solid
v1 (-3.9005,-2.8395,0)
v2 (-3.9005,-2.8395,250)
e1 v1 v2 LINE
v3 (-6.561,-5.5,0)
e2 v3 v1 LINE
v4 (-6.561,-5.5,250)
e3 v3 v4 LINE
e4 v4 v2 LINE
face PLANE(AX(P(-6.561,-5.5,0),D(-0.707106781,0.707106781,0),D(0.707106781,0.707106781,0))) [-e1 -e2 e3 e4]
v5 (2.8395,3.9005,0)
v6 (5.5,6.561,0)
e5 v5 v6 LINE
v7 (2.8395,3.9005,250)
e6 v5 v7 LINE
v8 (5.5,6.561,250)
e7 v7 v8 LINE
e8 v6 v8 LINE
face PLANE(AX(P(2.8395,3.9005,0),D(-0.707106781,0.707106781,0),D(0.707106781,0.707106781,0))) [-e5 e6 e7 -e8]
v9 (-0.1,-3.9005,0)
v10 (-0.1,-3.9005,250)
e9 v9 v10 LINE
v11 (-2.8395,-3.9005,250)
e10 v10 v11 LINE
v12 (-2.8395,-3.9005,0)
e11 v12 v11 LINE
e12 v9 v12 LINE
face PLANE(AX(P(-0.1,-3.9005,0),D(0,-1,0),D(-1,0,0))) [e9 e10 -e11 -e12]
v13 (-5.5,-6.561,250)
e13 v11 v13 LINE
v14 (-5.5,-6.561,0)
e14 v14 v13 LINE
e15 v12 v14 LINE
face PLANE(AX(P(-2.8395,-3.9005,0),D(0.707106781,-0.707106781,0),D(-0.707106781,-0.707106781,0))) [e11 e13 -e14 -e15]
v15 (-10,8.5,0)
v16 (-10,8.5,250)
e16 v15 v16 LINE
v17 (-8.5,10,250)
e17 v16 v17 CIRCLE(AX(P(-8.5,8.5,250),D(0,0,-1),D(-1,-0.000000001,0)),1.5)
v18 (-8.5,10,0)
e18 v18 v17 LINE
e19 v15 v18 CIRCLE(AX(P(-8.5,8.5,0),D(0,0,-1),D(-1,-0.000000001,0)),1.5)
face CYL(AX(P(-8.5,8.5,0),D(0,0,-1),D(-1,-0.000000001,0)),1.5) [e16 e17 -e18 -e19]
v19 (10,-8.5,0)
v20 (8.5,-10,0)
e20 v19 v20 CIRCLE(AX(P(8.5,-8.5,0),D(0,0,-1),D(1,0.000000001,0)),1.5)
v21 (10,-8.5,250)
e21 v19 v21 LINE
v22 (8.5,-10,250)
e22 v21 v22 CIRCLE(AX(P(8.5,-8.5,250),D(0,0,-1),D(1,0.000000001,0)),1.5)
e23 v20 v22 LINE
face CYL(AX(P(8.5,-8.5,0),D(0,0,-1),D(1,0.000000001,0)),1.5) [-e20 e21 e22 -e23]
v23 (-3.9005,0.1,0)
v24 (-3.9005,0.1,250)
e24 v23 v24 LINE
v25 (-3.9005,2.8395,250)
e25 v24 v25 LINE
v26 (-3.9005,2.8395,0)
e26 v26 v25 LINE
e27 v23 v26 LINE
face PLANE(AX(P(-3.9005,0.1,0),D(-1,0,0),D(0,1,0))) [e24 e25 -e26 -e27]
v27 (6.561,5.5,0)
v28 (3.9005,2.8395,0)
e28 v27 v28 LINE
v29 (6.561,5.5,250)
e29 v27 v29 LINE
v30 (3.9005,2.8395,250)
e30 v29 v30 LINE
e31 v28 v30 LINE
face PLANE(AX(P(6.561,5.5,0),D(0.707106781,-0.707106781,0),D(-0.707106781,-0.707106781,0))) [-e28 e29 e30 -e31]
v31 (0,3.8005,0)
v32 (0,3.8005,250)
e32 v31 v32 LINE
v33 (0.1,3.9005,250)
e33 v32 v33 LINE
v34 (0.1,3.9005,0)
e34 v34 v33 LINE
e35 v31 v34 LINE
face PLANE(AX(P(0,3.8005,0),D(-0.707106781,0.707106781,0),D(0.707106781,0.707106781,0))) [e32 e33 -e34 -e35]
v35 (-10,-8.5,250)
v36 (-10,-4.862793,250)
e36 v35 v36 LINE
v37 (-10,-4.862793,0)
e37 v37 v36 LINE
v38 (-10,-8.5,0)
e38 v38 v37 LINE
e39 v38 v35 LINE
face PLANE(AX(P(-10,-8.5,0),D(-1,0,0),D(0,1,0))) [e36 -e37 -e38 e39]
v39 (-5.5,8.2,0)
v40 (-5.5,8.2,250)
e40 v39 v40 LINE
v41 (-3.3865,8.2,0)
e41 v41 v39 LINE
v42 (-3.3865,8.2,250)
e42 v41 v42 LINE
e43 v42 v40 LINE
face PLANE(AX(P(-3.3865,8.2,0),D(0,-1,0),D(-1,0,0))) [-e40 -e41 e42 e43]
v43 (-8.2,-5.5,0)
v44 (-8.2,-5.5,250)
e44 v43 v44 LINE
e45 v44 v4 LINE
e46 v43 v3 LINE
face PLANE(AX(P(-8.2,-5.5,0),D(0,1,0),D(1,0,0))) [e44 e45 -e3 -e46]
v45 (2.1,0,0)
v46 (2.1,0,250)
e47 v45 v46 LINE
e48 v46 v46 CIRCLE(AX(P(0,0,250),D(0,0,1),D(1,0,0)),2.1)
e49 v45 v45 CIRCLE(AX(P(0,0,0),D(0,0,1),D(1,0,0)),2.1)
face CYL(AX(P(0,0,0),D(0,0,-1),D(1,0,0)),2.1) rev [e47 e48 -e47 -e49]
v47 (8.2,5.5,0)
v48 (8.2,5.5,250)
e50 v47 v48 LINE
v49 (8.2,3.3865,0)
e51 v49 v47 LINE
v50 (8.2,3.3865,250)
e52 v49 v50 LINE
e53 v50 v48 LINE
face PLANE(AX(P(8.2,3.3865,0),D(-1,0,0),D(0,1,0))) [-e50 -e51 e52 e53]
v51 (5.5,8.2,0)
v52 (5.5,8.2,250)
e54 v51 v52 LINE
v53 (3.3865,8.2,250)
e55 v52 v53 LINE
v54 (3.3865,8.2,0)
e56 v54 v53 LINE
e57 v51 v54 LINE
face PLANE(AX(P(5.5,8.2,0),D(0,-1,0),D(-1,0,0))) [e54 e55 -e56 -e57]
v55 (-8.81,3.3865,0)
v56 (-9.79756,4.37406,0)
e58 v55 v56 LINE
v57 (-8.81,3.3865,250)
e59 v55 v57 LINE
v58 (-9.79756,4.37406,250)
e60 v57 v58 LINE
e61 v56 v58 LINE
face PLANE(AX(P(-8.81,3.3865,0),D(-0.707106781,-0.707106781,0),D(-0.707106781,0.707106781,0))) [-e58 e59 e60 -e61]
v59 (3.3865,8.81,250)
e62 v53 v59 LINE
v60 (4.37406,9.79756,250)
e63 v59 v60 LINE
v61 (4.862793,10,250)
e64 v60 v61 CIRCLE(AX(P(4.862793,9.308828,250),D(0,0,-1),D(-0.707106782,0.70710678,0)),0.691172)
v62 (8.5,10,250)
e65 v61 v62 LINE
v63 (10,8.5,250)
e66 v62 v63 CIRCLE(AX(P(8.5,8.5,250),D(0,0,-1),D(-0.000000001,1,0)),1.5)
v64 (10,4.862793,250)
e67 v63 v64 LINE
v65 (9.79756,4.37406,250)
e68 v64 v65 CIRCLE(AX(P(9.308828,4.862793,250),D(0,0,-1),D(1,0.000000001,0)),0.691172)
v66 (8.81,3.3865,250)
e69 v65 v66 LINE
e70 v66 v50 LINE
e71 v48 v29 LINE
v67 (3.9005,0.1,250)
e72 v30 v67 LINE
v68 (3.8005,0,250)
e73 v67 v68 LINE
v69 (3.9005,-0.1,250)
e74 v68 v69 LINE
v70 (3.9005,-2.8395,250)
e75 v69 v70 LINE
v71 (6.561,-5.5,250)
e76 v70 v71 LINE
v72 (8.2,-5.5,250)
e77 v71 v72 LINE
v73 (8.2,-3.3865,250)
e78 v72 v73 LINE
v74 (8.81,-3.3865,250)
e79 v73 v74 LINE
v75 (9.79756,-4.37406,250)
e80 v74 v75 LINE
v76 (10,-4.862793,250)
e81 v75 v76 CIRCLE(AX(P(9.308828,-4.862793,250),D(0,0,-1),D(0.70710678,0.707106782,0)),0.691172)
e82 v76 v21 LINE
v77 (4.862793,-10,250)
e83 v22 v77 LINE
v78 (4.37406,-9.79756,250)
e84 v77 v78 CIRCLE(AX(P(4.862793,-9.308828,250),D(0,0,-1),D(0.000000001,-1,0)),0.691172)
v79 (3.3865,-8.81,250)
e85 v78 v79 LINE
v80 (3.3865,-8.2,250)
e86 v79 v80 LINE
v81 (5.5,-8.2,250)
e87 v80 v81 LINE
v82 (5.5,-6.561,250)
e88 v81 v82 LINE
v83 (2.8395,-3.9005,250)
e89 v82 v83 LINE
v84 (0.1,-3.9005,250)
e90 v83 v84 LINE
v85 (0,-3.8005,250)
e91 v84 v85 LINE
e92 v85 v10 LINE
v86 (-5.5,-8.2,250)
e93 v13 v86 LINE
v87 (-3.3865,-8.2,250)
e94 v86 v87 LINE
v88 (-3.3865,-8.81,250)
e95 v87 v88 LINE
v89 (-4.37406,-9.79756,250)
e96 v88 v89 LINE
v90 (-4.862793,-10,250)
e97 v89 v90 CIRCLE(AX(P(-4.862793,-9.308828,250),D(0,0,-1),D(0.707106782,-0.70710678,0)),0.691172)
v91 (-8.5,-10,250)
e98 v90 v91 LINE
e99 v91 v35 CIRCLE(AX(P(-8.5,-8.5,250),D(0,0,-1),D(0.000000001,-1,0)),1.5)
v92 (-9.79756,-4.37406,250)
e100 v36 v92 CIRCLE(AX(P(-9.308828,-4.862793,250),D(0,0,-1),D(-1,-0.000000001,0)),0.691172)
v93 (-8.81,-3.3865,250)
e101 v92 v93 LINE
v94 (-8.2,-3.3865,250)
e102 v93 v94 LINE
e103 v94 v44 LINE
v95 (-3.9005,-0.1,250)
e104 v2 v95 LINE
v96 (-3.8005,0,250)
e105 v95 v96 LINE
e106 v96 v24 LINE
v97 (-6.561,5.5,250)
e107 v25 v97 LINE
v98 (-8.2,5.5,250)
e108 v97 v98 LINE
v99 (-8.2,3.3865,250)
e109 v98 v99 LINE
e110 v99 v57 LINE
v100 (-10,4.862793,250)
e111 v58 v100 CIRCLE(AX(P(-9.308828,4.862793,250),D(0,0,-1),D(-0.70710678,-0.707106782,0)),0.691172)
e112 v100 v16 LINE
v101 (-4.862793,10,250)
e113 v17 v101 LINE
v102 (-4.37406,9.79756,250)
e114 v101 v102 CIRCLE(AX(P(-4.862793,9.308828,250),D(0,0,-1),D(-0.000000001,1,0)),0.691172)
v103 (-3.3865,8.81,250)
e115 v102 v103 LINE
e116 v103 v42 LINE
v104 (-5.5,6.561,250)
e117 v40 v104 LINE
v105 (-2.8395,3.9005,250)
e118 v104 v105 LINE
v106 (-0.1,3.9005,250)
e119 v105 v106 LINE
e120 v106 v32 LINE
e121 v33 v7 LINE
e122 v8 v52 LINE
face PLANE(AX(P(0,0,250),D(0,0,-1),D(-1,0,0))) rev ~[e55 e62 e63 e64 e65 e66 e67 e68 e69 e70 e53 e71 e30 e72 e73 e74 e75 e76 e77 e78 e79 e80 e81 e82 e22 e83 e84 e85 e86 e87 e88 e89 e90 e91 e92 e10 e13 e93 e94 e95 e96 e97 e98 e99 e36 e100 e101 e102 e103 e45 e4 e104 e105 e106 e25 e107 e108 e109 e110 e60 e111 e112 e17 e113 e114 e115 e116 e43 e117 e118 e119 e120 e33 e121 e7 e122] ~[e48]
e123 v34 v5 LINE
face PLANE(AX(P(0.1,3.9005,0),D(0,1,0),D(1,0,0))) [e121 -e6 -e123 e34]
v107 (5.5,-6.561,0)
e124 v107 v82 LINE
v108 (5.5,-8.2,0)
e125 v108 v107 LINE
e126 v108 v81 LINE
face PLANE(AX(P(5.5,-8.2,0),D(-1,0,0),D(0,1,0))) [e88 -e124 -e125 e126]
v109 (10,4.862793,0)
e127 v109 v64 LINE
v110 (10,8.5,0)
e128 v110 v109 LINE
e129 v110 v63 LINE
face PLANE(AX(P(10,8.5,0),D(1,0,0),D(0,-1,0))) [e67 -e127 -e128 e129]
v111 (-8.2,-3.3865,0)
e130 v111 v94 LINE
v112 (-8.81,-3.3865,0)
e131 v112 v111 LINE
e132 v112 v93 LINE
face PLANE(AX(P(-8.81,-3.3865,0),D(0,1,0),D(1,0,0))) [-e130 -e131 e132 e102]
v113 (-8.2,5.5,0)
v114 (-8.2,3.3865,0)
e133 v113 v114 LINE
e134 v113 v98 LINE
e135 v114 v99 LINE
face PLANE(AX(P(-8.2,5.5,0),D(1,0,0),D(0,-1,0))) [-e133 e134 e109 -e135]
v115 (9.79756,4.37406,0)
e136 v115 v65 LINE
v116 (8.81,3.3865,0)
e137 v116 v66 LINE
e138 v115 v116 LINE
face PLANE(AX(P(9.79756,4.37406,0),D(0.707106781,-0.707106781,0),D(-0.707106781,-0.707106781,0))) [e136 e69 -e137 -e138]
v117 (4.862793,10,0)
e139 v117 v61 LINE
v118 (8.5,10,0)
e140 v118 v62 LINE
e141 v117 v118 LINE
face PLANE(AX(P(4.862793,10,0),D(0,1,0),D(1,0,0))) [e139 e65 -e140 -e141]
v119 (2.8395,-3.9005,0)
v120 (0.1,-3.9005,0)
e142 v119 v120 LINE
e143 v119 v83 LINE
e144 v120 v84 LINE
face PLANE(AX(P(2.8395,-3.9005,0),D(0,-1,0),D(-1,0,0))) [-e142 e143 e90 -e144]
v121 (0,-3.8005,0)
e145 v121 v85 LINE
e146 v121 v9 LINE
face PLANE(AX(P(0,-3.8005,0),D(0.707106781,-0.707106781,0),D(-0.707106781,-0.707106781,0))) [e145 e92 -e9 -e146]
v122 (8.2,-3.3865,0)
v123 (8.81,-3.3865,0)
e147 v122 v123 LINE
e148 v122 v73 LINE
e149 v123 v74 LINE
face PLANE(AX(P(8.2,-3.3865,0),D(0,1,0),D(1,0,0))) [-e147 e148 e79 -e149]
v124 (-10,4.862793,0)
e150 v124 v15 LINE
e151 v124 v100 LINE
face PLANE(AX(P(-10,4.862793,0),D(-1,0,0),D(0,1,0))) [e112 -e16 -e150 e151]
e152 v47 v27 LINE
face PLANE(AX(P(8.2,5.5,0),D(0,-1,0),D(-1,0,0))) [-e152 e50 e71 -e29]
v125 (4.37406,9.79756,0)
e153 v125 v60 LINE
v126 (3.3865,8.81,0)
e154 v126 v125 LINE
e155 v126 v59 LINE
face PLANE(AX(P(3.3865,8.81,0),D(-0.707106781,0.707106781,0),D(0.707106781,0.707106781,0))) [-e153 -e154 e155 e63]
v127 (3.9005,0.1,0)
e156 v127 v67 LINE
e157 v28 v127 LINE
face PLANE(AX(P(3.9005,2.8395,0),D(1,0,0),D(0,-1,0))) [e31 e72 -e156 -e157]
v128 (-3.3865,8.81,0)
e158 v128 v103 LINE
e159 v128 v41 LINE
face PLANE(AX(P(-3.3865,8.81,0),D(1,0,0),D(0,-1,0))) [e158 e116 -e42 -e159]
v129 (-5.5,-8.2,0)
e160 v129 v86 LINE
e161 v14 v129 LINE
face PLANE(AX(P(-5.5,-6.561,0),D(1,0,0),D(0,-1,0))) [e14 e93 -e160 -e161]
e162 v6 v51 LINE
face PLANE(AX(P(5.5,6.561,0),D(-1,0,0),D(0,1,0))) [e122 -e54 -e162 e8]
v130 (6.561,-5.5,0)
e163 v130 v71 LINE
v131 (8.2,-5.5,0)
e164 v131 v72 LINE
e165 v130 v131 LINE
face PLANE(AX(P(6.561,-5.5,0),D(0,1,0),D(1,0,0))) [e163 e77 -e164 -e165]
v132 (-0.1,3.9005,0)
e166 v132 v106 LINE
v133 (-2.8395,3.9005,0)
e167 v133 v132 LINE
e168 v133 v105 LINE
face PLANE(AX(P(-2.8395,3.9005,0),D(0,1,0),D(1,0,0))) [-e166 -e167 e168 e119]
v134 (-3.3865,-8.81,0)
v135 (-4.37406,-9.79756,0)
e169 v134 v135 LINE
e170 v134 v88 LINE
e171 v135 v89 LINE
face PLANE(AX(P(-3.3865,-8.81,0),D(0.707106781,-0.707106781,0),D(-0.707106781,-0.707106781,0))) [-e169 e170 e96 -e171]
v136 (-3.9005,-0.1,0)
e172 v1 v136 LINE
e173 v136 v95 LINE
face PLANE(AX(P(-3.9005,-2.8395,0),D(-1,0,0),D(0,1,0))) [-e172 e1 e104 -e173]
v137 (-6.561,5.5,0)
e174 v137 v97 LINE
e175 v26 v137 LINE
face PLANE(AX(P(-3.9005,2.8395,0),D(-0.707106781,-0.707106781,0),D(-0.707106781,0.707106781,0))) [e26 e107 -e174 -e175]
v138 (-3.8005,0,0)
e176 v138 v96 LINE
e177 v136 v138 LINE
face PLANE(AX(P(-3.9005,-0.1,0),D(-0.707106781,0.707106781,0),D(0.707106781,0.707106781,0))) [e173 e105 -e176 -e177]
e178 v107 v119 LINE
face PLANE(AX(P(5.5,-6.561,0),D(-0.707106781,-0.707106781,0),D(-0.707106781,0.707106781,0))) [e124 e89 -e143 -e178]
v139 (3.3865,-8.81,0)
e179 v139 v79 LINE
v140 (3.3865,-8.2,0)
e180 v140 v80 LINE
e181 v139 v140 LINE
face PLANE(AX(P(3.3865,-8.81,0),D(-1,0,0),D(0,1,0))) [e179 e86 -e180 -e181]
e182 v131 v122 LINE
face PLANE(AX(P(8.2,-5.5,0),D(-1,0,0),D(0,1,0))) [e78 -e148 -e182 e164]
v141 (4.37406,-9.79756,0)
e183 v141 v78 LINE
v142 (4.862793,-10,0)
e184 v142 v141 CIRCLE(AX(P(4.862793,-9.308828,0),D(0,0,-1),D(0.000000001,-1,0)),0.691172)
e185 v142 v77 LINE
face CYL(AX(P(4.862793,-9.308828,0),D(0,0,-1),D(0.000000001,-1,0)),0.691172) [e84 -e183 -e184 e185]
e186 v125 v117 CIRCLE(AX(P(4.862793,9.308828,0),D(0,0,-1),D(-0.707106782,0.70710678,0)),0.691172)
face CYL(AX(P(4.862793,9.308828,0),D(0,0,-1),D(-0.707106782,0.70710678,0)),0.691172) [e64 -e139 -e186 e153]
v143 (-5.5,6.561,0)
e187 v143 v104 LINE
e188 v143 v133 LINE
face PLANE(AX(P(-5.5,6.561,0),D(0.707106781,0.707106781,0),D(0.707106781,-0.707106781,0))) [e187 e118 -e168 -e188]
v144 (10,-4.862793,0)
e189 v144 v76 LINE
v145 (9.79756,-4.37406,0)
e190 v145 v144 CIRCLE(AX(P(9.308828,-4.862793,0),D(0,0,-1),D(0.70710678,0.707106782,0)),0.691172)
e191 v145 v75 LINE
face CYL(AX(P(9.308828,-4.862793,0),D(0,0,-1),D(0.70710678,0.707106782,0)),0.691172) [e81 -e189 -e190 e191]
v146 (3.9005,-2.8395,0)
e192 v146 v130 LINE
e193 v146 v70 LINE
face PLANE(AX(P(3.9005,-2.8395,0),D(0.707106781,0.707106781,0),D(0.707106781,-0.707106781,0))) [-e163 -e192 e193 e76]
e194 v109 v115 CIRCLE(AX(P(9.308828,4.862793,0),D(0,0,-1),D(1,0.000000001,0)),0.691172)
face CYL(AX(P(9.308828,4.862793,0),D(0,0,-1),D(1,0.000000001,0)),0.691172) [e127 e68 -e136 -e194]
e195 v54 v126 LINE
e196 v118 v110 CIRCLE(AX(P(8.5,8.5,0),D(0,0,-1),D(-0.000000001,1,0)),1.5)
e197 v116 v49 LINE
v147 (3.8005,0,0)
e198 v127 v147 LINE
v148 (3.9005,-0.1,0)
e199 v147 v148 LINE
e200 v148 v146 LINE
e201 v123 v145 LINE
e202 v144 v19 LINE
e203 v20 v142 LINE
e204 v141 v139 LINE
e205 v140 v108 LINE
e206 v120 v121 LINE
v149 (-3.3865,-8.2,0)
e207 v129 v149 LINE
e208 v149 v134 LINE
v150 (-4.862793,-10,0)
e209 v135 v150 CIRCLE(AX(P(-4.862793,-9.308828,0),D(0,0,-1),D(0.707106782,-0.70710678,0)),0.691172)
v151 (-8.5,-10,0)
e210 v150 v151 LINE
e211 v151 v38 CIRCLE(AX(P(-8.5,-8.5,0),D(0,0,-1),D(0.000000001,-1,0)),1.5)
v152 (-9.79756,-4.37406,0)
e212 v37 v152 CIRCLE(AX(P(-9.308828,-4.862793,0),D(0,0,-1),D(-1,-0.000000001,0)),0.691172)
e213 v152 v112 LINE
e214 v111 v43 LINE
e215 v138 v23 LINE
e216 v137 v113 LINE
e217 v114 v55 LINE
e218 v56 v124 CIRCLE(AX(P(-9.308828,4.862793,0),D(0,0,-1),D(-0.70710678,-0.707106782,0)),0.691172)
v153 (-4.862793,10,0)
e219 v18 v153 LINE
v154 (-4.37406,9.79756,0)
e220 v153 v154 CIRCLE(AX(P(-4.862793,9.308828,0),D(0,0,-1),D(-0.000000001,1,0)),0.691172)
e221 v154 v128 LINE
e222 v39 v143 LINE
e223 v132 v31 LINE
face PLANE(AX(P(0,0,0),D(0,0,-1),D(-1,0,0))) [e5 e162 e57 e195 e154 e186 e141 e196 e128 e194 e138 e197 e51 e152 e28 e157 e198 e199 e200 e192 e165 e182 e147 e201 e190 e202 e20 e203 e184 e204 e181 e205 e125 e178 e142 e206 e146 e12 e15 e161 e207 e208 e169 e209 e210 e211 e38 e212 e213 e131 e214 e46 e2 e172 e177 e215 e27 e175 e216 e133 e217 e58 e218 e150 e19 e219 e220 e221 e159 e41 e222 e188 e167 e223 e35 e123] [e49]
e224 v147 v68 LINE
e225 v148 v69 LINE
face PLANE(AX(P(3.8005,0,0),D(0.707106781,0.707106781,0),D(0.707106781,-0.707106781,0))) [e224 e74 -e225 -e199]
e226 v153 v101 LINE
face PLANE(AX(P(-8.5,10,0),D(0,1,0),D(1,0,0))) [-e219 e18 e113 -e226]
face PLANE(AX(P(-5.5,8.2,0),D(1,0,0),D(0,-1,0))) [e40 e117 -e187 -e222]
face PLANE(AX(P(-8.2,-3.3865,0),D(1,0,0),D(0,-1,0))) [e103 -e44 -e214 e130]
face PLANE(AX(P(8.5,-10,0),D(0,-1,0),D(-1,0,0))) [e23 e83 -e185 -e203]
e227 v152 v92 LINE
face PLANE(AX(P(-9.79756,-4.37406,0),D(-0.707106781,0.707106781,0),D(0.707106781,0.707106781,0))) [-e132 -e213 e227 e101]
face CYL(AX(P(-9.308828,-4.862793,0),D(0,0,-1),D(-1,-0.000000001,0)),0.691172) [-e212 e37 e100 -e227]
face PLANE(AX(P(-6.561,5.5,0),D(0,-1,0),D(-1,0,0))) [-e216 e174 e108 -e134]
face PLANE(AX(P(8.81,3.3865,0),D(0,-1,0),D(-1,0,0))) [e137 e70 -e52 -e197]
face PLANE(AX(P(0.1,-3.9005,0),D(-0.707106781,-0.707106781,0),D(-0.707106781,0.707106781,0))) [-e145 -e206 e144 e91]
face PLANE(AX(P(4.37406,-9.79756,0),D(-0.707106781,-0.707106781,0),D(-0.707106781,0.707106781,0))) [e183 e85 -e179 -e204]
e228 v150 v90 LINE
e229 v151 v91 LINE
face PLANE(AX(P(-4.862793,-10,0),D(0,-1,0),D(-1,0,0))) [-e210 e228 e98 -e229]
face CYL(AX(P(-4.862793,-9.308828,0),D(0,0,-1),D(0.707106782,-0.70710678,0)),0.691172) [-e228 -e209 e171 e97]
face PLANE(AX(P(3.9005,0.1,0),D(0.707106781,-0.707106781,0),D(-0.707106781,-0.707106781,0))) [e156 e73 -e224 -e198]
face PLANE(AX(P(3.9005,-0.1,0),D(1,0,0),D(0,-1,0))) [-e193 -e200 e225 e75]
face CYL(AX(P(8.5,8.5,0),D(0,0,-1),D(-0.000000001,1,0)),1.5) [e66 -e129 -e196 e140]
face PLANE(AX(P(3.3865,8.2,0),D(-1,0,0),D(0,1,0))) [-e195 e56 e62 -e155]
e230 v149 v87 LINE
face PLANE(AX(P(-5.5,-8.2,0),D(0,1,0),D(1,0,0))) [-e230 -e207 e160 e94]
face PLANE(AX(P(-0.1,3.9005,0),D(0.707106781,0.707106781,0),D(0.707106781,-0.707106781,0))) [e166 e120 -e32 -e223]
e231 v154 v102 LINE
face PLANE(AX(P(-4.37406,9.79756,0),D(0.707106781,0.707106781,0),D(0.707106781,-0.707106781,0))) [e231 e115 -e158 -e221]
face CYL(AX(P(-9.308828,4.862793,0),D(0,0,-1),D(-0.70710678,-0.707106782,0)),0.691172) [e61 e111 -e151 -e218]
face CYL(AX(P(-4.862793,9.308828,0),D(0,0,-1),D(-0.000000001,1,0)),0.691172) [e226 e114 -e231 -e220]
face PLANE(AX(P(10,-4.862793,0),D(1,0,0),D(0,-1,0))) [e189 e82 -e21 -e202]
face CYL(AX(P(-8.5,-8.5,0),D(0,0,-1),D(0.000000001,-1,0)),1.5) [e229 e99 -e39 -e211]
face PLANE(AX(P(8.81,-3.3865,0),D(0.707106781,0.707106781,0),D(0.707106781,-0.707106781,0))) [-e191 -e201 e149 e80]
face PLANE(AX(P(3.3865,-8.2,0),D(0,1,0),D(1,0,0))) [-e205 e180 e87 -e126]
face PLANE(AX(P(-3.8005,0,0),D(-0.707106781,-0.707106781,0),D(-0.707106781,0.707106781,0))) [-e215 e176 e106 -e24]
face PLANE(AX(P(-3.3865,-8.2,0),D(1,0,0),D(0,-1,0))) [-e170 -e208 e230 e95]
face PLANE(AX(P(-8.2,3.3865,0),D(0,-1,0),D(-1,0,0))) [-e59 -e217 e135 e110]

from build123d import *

# Parameters (mm, degrees)
SKETCH1_R           = 2.1
BOSS_EXTRUDE1_DEPTH = 250


with BuildPart() as part:
    # Sketch1 → Boss-Extrude1 (new body)
    with BuildSketch(Plane.XY):
        with BuildLine():
            Line((-8.5, 10), (-4.862792737, 10))
            ThreePointArc((-4.862792737, 10), (-4.598292737, 9.947387679), (-4.374060464, 9.797560464))
            Line((-4.374060464, 9.797560464), (-3.3865, 8.81))
            Line((-3.3865, 8.81), (-3.3865, 8.2))
            Line((-3.3865, 8.2), (-5.5, 8.2))
            Line((-5.5, 8.2), (-5.5, 6.561))
            Line((-5.5, 6.561), (-2.8395, 3.9005))
            Line((-2.8395, 3.9005), (-0.1, 3.9005))
            Line((-0.1, 3.9005), (0, 3.8005))
            Line((0, 3.8005), (0.1, 3.9005))
            Line((0.1, 3.9005), (2.8395, 3.9005))
            Line((2.8395, 3.9005), (5.5, 6.561))
            Line((5.5, 6.561), (5.5, 8.2))
            Line((5.5, 8.2), (3.3865, 8.2))
            Line((3.3865, 8.2), (3.3865, 8.81))
            Line((3.3865, 8.81), (4.374060464, 9.797560464))
            ThreePointArc((4.374060464, 9.797560464), (4.598292737, 9.947387679), (4.862792737, 10))
            Line((4.862792737, 10), (8.5, 10))
            ThreePointArc((8.5, 10), (9.560660172, 9.560660172), (10, 8.5))
            Line((10, 8.5), (10, 4.862792737))
            ThreePointArc((10, 4.862792737), (9.947387679, 4.598292737), (9.797560464, 4.374060464))
            Line((9.797560464, 4.374060464), (8.81, 3.3865))
            Line((8.81, 3.3865), (8.2, 3.3865))
            Line((8.2, 3.3865), (8.2, 5.5))
            Line((8.2, 5.5), (6.561, 5.5))
            Line((6.561, 5.5), (3.9005, 2.8395))
            Line((3.9005, 2.8395), (3.9005, 0.1))
            Line((3.9005, 0.1), (3.8005, 0))
            Line((3.8005, 0), (3.9005, -0.1))
            Line((3.9005, -0.1), (3.9005, -2.8395))
            Line((3.9005, -2.8395), (6.561, -5.5))
            Line((6.561, -5.5), (8.2, -5.5))
            Line((8.2, -5.5), (8.2, -3.3865))
            Line((8.2, -3.3865), (8.81, -3.3865))
            Line((8.81, -3.3865), (9.797560464, -4.374060464))
            ThreePointArc((9.797560464, -4.374060464), (9.947387679, -4.598292737), (10, -4.862792737))
            Line((10, -4.862792737), (10, -8.5))
            ThreePointArc((10, -8.5), (9.560660172, -9.560660172), (8.5, -10))
            Line((8.5, -10), (4.862792737, -10))
            ThreePointArc((4.862792737, -10), (4.598292737, -9.947387679), (4.374060464, -9.797560464))
            Line((4.374060464, -9.797560464), (3.3865, -8.81))
            Line((3.3865, -8.81), (3.3865, -8.2))
            Line((3.3865, -8.2), (5.5, -8.2))
            Line((5.5, -8.2), (5.5, -6.561))
            Line((5.5, -6.561), (2.8395, -3.9005))
            Line((2.8395, -3.9005), (0.1, -3.9005))
            Line((0.1, -3.9005), (0, -3.8005))
            Line((0, -3.8005), (-0.1, -3.9005))
            Line((-0.1, -3.9005), (-2.8395, -3.9005))
            Line((-2.8395, -3.9005), (-5.5, -6.561))
            Line((-5.5, -6.561), (-5.5, -8.2))
            Line((-5.5, -8.2), (-3.3865, -8.2))
            Line((-3.3865, -8.2), (-3.3865, -8.81))
            Line((-3.3865, -8.81), (-4.374060464, -9.797560464))
            ThreePointArc((-4.374060464, -9.797560464), (-4.598292737, -9.947387679), (-4.862792737, -10))
            Line((-4.862792737, -10), (-8.5, -10))
            ThreePointArc((-8.5, -10), (-9.560660172, -9.560660172), (-10, -8.5))
            Line((-10, -8.5), (-10, -4.862792737))
            ThreePointArc((-10, -4.862792737), (-9.947387679, -4.598292737), (-9.797560464, -4.374060464))
            Line((-9.797560464, -4.374060464), (-8.81, -3.3865))
            Line((-8.81, -3.3865), (-8.2, -3.3865))
            Line((-8.2, -3.3865), (-8.2, -5.5))
            Line((-8.2, -5.5), (-6.561, -5.5))
            Line((-6.561, -5.5), (-3.9005, -2.8395))
            Line((-3.9005, -2.8395), (-3.9005, -0.1))
            Line((-3.9005, -0.1), (-3.8005, 0))
            Line((-3.8005, 0), (-3.9005, 0.1))
            Line((-3.9005, 0.1), (-3.9005, 2.8395))
            Line((-3.9005, 2.8395), (-6.561, 5.5))
            Line((-6.561, 5.5), (-8.2, 5.5))
            Line((-8.2, 5.5), (-8.2, 3.3865))
            Line((-8.2, 3.3865), (-8.81, 3.3865))
            Line((-8.81, 3.3865), (-9.797560464, 4.374060464))
            ThreePointArc((-9.797560464, 4.374060464), (-9.947387679, 4.598292737), (-10, 4.862792737))
            Line((-10, 4.862792737), (-10, 8.5))
            ThreePointArc((-10, 8.5), (-9.560660172, 9.560660172), (-8.5, 10))
        make_face()
        Circle(SKETCH1_R, mode=Mode.SUBTRACT)
    extrude(amount=BOSS_EXTRUDE1_DEPTH)


solid = part.part
